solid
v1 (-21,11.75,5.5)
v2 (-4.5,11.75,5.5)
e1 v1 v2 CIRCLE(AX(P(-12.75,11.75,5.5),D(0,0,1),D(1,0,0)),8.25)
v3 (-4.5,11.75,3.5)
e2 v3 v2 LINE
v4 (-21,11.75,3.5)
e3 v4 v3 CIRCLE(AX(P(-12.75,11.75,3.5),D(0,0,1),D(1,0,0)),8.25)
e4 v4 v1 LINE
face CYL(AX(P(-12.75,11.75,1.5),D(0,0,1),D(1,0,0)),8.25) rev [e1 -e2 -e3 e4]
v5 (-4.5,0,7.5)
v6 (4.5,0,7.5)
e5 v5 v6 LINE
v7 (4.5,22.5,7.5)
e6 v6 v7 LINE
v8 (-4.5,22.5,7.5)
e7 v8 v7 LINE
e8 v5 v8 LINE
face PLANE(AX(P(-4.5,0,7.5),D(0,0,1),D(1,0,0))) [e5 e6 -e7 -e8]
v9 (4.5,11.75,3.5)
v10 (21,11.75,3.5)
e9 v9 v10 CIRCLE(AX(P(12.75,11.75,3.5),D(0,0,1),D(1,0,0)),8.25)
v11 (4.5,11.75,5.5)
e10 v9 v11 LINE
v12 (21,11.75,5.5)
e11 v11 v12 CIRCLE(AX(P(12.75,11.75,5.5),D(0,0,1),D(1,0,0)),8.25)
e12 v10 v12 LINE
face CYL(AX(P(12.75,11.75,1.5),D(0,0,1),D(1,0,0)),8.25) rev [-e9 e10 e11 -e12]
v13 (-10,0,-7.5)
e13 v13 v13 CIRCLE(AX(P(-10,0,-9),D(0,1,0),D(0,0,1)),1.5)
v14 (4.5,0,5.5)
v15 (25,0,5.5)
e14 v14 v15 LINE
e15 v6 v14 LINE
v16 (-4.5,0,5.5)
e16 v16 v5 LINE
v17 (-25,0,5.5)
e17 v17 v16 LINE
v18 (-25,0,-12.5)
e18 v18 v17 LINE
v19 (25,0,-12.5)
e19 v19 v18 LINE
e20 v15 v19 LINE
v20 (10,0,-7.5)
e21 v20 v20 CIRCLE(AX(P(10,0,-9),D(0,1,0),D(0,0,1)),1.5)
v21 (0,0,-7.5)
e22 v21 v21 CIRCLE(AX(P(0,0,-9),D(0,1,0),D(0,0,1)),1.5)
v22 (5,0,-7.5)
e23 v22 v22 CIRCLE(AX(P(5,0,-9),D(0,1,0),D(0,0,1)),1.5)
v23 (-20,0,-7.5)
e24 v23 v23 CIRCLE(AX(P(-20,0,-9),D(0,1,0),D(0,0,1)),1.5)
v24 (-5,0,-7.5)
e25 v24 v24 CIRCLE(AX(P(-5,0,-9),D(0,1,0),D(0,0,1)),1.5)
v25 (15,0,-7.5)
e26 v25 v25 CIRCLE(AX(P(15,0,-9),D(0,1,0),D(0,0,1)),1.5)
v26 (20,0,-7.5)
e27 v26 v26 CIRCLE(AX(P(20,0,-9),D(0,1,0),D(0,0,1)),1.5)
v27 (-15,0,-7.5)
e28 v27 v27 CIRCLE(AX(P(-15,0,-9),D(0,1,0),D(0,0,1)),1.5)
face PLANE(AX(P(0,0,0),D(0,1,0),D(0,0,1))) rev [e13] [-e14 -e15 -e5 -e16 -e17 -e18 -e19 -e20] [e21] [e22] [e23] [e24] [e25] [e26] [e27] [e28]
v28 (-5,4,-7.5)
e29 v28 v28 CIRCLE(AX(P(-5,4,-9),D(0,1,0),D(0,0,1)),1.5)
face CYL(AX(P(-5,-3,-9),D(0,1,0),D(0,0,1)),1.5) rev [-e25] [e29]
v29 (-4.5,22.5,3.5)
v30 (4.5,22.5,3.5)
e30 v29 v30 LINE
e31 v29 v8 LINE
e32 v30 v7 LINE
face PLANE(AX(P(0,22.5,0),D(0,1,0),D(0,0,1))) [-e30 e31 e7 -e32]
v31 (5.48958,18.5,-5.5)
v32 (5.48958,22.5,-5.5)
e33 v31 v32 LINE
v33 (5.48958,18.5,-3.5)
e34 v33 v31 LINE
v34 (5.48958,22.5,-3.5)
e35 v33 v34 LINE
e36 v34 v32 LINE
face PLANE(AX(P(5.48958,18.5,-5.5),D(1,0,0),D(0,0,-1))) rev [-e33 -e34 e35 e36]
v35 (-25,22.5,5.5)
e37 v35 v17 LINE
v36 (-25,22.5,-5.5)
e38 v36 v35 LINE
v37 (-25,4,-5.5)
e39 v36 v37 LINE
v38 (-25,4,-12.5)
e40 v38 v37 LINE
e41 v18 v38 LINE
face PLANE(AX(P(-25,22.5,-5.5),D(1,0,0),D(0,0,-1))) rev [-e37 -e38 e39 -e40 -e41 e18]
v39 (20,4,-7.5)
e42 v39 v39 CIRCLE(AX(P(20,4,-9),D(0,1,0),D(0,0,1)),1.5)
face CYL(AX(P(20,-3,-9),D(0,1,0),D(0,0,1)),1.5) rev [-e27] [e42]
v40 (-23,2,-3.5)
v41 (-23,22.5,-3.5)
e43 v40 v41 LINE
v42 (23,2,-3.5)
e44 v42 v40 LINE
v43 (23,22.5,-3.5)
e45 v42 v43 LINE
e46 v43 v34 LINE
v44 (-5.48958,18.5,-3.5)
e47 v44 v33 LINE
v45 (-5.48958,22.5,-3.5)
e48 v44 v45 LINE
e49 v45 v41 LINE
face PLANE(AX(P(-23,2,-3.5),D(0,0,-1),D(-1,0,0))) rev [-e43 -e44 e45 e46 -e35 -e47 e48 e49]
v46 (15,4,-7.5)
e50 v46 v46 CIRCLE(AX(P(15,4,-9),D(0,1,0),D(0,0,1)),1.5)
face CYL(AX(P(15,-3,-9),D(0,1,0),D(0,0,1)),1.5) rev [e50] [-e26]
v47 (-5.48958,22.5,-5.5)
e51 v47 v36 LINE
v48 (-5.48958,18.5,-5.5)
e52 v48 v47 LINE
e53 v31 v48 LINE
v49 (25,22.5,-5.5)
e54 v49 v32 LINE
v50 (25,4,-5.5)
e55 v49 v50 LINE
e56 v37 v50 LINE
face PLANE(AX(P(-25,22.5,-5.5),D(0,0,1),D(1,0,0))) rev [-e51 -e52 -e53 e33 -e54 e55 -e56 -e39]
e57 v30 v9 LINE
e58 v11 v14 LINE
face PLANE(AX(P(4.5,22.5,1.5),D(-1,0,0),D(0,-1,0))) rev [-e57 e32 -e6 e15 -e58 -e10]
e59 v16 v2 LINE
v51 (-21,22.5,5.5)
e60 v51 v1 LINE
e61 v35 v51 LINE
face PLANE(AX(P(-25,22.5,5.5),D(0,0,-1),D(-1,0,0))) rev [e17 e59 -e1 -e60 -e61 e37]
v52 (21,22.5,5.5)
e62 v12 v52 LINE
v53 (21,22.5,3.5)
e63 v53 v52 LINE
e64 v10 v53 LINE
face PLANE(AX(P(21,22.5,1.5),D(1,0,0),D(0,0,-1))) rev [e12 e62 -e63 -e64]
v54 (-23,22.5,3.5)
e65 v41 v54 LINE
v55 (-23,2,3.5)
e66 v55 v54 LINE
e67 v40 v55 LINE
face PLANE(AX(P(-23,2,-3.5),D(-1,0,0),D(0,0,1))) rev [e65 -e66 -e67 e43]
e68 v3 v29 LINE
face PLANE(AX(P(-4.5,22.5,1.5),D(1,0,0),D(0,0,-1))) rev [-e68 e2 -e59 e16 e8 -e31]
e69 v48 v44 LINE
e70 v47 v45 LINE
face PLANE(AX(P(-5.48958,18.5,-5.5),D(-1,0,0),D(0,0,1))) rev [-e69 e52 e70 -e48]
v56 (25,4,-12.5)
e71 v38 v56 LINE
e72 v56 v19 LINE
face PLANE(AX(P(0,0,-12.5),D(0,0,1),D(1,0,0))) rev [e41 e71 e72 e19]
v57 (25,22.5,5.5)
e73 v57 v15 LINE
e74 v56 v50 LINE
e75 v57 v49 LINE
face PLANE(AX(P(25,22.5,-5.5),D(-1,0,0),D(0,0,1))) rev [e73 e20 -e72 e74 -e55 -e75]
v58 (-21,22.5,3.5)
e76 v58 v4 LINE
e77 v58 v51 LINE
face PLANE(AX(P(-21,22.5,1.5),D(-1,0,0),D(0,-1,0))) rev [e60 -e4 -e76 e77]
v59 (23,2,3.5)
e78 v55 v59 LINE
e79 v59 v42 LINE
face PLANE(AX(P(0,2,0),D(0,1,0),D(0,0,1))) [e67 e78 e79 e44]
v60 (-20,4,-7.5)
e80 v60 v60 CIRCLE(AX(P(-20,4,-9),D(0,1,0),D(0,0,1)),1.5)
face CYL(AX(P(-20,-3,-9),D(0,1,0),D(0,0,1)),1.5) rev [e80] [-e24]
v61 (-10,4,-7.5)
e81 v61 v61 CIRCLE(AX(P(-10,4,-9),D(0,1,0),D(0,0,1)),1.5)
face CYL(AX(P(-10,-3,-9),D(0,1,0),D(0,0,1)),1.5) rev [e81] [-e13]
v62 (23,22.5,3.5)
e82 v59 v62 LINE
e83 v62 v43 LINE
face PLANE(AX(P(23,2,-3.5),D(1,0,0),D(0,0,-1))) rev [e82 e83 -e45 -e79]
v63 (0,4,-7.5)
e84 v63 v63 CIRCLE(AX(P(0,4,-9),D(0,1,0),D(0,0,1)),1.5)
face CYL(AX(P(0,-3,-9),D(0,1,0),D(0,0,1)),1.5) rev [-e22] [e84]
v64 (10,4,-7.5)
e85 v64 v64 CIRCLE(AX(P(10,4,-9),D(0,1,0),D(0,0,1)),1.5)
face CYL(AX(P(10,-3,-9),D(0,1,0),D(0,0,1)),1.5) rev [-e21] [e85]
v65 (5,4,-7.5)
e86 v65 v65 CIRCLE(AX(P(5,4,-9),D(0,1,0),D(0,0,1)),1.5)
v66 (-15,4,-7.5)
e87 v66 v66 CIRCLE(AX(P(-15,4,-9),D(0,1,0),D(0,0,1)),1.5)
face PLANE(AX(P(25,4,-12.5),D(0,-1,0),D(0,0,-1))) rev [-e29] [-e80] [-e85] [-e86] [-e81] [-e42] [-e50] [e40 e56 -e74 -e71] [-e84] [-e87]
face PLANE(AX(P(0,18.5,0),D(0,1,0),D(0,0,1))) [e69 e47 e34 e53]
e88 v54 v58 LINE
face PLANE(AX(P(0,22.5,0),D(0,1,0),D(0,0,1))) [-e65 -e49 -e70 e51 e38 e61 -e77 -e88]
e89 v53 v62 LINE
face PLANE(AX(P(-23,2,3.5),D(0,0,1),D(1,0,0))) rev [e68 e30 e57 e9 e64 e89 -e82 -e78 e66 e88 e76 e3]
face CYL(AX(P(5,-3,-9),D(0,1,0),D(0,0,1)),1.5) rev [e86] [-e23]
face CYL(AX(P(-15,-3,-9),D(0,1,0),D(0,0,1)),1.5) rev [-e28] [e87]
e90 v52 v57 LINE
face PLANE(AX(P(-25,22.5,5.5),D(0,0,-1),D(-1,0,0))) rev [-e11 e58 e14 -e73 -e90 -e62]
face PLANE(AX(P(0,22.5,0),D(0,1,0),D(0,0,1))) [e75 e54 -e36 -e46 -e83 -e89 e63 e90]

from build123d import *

# Parameters (mm, degrees)
ESBO_O1_W                = 50
ESBO_O1_H                = 11
RESSALTO_EXTRUS_O1_DEPTH = 22.5
ESBO_O2_W                = 46
ESBO_O2_H                = 7
CORTE_EXTRUS_O1_DEPTH    = 20.5
ESBO_O3_W                = 10.97916057
ESBO_O3_H                = 2
CORTE_EXTRUS_O2_DEPTH    = 4
CORTE_EXTRUS_O3_DEPTH    = 4
ESBO_O9_W                = 50
ESBO_O9_H                = 4
RESSALTO_EXTRUS_O4_DEPTH = 7
ESBO_O13_R               = 1.5
CORTE_EXTRUS_O4_DEPTH    = 7
ESBO_O19_W               = 9
ESBO_O19_H               = 4
RESSALTO_EXTRUS_O5_DEPTH = 22.5


with BuildPart() as part:
    # Esboço1 → Ressalto-extrusão1 (new body)
    with BuildSketch(Plane(origin=(0, 0, 0), x_dir=(1, 0, 0), z_dir=(0, 1, 0))):
        Rectangle(ESBO_O1_W, ESBO_O1_H)
    extrude(amount=RESSALTO_EXTRUS_O1_DEPTH)

    # Esboço2 → Corte-extrusão1 (cut)
    with BuildSketch(Plane(origin=(0, 22.5, 0), x_dir=(1, 0, 0), z_dir=(0, 1, 0))):
        Rectangle(ESBO_O2_W, ESBO_O2_H)
    extrude(amount=-CORTE_EXTRUS_O1_DEPTH, mode=Mode.SUBTRACT)

    # Esboço3 → Corte-extrusão2 (cut)
    with BuildSketch(Plane(origin=(0, 22.5, 0), x_dir=(1, 0, 0), z_dir=(0, 1, 0))):
        with Locations((0, 4.5)):
            Rectangle(ESBO_O3_W, ESBO_O3_H)
    extrude(amount=-CORTE_EXTRUS_O2_DEPTH, mode=Mode.SUBTRACT)

    # Esboço5 → Corte-extrusão3 (cut)
    with BuildSketch(Plane.XY.offset(5.5)):
        with BuildLine():
            Line((-21, 22.5), (-4.5, 22.5))
            Line((-4.5, 22.5), (-4.5, 11.75))
            ThreePointArc((-4.5, 11.75), (-12.75, 3.5), (-21, 11.75))
            Line((-21, 11.75), (-21, 22.5))
        make_face()
        with BuildLine():
            Line((4.5, 22.5), (21, 22.5))
            Line((21, 22.5), (21, 11.75))
            ThreePointArc((21, 11.75), (12.75, 3.5), (4.5, 11.75))
            Line((4.5, 11.75), (4.5, 22.5))
        make_face()
    extrude(amount=-CORTE_EXTRUS_O3_DEPTH, mode=Mode.SUBTRACT)

    # Esboço9 → Ressalto-extrusão4 (add)
    with BuildSketch(Plane(origin=(0, 0, -5.5), x_dir=(-1, 0, 0), z_dir=(0, 0, -1))):
        with Locations((0, 2)):
            Rectangle(ESBO_O9_W, ESBO_O9_H)
    extrude(amount=RESSALTO_EXTRUS_O4_DEPTH)

    # Esboço13 → Corte-extrusão4 (cut)
    with BuildSketch(Plane(origin=(0, 4, 0), x_dir=(1, 0, 0), z_dir=(0, 1, 0))):
        with Locations(Location((10, 9, 0), (0, 0, 270))):
            Circle(ESBO_O13_R)
        with Locations(Location((5, 9, 0), (0, 0, 270))):
            Circle(ESBO_O13_R)
        with Locations(Location((20, 9, 0), (0, 0, 270))):
            Circle(ESBO_O13_R)
        with Locations(Location((15, 9, 0), (0, 0, 270))):
            Circle(ESBO_O13_R)
        with Locations(Location((0, 9, 0), (0, 0, 270))):
            Circle(ESBO_O13_R)
        with Locations(Location((-5, 9, 0), (0, 0, 270))):
            Circle(ESBO_O13_R)
        with Locations(Location((-10, 9, 0), (0, 0, 270))):
            Circle(ESBO_O13_R)
        with Locations(Location((-15, 9, 0), (0, 0, 270))):
            Circle(ESBO_O13_R)
        with Locations(Location((-20, 9, 0), (0, 0, 270))):
            Circle(ESBO_O13_R)
    extrude(amount=-CORTE_EXTRUS_O4_DEPTH, mode=Mode.SUBTRACT)

    # Esboço19 → Ressalto-extrusão5 (add)
    with BuildSketch(Plane(origin=(0, 22.5, 0), x_dir=(1, 0, 0), z_dir=(0, 1, 0))):
        with Locations((0, -5.5)):
            Rectangle(ESBO_O19_W, ESBO_O19_H)
    extrude(amount=-RESSALTO_EXTRUS_O5_DEPTH)


solid = part.part
